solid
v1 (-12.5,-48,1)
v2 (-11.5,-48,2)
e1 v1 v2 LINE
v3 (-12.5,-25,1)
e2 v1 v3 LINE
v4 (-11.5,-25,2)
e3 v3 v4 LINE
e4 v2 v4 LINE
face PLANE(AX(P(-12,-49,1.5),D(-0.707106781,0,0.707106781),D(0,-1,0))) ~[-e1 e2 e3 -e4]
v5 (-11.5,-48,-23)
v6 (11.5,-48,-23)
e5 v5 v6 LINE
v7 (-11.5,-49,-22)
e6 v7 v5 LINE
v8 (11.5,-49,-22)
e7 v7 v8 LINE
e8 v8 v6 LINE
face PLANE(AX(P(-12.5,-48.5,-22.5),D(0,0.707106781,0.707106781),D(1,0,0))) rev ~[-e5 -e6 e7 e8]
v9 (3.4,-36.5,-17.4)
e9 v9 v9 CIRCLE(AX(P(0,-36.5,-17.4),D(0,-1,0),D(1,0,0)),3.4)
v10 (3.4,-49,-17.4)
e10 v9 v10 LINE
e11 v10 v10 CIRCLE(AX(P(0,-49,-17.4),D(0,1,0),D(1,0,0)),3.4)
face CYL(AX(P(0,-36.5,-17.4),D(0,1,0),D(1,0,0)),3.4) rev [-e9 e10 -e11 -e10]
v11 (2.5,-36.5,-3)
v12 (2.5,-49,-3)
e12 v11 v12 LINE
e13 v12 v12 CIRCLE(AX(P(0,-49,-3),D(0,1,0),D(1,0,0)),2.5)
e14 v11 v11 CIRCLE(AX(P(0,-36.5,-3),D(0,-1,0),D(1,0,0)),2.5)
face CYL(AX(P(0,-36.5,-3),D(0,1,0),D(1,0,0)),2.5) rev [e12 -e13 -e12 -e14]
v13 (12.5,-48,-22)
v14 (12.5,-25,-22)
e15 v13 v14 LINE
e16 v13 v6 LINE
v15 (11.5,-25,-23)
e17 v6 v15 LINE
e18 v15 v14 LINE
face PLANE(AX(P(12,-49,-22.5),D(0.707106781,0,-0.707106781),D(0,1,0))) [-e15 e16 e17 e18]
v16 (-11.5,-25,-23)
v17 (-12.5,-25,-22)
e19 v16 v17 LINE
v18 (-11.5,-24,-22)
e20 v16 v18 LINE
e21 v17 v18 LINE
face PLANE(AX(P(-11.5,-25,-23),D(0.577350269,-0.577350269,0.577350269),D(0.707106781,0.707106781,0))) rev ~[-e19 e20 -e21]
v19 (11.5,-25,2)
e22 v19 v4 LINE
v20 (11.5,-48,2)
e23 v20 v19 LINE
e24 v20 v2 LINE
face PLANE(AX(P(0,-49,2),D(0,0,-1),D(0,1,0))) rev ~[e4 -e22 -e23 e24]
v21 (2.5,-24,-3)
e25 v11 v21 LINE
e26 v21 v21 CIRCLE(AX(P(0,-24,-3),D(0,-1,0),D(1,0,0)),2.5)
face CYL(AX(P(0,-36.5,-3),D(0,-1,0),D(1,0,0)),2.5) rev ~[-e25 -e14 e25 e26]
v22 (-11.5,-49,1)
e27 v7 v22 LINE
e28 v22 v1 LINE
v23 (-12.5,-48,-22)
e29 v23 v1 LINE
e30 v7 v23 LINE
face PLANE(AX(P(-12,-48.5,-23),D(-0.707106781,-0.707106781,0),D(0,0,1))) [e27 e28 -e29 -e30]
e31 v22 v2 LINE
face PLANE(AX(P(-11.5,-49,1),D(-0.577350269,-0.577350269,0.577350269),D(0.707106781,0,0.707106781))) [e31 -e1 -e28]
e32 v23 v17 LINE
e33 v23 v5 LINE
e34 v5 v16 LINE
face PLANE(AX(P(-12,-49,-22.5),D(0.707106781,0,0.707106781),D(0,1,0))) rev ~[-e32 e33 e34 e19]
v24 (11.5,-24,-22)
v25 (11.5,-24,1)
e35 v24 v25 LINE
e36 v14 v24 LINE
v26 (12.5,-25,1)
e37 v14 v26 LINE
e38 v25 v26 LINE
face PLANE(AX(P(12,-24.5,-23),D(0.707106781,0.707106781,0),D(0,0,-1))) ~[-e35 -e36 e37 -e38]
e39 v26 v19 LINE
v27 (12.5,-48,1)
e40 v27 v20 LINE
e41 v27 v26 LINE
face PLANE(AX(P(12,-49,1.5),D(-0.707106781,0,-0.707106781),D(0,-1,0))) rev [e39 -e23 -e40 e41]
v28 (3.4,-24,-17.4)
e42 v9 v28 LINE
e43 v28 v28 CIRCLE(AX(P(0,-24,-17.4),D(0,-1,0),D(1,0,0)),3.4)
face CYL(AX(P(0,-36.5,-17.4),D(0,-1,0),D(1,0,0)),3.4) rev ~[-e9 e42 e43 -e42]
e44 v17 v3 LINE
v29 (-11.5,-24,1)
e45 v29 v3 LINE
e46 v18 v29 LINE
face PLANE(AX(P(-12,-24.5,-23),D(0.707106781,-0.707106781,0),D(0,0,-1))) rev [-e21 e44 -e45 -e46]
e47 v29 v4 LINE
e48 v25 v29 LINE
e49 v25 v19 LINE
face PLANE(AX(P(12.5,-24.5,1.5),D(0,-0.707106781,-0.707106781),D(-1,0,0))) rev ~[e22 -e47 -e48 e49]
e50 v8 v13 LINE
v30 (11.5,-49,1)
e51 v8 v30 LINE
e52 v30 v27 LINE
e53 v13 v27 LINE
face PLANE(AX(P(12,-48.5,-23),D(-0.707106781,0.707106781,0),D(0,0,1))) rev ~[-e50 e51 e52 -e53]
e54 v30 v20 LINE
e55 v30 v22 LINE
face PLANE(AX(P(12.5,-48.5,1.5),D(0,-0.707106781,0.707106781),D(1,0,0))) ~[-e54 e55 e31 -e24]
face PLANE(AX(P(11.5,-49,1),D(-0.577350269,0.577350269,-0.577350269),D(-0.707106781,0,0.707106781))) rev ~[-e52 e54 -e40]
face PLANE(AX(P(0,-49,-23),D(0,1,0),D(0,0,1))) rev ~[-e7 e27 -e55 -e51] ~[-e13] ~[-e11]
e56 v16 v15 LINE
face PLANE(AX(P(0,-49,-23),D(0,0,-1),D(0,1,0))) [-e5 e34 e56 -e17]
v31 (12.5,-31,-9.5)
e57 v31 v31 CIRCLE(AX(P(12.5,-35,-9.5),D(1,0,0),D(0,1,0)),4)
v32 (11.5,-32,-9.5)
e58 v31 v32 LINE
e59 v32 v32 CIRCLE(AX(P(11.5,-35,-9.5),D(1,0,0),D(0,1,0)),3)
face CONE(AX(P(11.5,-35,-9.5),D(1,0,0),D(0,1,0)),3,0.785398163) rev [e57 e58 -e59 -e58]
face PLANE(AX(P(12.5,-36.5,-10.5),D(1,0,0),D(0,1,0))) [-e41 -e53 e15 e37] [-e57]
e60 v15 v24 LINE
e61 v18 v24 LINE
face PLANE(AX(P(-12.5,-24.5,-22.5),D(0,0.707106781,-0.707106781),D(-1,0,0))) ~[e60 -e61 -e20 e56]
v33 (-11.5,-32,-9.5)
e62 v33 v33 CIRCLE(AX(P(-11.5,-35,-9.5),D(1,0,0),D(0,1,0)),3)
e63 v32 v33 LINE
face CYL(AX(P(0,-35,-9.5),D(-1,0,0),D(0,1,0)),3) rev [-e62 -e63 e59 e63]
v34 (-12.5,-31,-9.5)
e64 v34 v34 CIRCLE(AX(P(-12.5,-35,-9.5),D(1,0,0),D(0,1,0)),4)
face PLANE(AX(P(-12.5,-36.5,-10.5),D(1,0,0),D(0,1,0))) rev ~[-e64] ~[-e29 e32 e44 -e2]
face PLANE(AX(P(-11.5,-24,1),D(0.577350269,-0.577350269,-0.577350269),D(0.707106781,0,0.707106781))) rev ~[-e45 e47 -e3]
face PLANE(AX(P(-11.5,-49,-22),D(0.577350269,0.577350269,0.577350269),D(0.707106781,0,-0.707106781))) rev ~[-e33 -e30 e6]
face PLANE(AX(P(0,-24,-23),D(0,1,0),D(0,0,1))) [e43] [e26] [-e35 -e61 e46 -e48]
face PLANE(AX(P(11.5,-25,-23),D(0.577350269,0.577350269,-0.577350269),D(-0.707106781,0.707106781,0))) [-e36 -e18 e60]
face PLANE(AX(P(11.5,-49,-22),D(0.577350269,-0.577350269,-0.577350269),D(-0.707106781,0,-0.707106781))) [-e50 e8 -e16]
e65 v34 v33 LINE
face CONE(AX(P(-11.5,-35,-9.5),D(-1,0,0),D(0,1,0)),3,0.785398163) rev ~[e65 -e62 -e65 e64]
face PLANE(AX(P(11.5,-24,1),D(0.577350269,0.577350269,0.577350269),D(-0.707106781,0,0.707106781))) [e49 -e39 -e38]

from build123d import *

# Parameters (mm, degrees)
SKETCH014_W          = 25
SKETCH014_H          = 25
SKETCH014_R          = 3
PAD007_DEPTH         = 12.5
SKETCH015_R          = 3.4
POCKET007_DEPTH      = 12.501
POCKET007_DEPTH_BACK = 12.501
CHAMFER001_SIZE      = 1
SKETCH020_R          = 2.5
POCKET009_DEPTH      = 12.501
POCKET009_DEPTH_BACK = 12.501


with BuildPart() as part:
    # Sketch014 → Pad007 (new body, symmetric)
    with BuildSketch(Plane.YZ):
        Rectangle(SKETCH014_W, SKETCH014_H)
        with Locations((1.5, 1)):
            Circle(SKETCH014_R, mode=Mode.SUBTRACT)
    extrude(amount=PAD007_DEPTH, both=True)

    # Sketch015 → Pocket007 (cut, two sides)
    with BuildSketch(Plane.XZ) as pocket007_sk:
        with Locations((0, -6.9)):
            Circle(SKETCH015_R)
    extrude(amount=-POCKET007_DEPTH, mode=Mode.SUBTRACT)
    extrude(pocket007_sk.sketch, amount=POCKET007_DEPTH_BACK, mode=Mode.SUBTRACT)

    # Chamfer001
    chamfer001_edges = [part.edges().sort_by_distance(p)[0] for p in [
        (-12.5, 0, 12.5),
        (-12.5, 12.5, 0),
        (-12.5, 0, -12.5),
        (-12.5, -12.5, 0),
        (-12.5, -1.5, 1),
        (12.5, 0, 12.5),
        (12.5, 12.5, 0),
        (12.5, 0, -12.5),
        (12.5, -12.5, 0),
        (12.5, -1.5, 1),
        (0, -12.5, 12.5),
        (0, 12.5, 12.5),
        (0, 12.5, -12.5),
        (0, -12.5, -12.5),
    ]]
    chamfer(chamfer001_edges, length=CHAMFER001_SIZE)

    # Sketch020 → Pocket009 (cut, two sides)
    with BuildSketch(Plane.XZ) as pocket009_sk:
        with Locations((0, 7.5)):
            Circle(SKETCH020_R)
    extrude(amount=-POCKET009_DEPTH, mode=Mode.SUBTRACT)
    extrude(pocket009_sk.sketch, amount=POCKET009_DEPTH_BACK, mode=Mode.SUBTRACT)


with BuildPart() as part_1:
    # Body005 placement: moved
    add(part.part.moved(Location((0, -36.5, -10.5))))


solid = part_1.part
